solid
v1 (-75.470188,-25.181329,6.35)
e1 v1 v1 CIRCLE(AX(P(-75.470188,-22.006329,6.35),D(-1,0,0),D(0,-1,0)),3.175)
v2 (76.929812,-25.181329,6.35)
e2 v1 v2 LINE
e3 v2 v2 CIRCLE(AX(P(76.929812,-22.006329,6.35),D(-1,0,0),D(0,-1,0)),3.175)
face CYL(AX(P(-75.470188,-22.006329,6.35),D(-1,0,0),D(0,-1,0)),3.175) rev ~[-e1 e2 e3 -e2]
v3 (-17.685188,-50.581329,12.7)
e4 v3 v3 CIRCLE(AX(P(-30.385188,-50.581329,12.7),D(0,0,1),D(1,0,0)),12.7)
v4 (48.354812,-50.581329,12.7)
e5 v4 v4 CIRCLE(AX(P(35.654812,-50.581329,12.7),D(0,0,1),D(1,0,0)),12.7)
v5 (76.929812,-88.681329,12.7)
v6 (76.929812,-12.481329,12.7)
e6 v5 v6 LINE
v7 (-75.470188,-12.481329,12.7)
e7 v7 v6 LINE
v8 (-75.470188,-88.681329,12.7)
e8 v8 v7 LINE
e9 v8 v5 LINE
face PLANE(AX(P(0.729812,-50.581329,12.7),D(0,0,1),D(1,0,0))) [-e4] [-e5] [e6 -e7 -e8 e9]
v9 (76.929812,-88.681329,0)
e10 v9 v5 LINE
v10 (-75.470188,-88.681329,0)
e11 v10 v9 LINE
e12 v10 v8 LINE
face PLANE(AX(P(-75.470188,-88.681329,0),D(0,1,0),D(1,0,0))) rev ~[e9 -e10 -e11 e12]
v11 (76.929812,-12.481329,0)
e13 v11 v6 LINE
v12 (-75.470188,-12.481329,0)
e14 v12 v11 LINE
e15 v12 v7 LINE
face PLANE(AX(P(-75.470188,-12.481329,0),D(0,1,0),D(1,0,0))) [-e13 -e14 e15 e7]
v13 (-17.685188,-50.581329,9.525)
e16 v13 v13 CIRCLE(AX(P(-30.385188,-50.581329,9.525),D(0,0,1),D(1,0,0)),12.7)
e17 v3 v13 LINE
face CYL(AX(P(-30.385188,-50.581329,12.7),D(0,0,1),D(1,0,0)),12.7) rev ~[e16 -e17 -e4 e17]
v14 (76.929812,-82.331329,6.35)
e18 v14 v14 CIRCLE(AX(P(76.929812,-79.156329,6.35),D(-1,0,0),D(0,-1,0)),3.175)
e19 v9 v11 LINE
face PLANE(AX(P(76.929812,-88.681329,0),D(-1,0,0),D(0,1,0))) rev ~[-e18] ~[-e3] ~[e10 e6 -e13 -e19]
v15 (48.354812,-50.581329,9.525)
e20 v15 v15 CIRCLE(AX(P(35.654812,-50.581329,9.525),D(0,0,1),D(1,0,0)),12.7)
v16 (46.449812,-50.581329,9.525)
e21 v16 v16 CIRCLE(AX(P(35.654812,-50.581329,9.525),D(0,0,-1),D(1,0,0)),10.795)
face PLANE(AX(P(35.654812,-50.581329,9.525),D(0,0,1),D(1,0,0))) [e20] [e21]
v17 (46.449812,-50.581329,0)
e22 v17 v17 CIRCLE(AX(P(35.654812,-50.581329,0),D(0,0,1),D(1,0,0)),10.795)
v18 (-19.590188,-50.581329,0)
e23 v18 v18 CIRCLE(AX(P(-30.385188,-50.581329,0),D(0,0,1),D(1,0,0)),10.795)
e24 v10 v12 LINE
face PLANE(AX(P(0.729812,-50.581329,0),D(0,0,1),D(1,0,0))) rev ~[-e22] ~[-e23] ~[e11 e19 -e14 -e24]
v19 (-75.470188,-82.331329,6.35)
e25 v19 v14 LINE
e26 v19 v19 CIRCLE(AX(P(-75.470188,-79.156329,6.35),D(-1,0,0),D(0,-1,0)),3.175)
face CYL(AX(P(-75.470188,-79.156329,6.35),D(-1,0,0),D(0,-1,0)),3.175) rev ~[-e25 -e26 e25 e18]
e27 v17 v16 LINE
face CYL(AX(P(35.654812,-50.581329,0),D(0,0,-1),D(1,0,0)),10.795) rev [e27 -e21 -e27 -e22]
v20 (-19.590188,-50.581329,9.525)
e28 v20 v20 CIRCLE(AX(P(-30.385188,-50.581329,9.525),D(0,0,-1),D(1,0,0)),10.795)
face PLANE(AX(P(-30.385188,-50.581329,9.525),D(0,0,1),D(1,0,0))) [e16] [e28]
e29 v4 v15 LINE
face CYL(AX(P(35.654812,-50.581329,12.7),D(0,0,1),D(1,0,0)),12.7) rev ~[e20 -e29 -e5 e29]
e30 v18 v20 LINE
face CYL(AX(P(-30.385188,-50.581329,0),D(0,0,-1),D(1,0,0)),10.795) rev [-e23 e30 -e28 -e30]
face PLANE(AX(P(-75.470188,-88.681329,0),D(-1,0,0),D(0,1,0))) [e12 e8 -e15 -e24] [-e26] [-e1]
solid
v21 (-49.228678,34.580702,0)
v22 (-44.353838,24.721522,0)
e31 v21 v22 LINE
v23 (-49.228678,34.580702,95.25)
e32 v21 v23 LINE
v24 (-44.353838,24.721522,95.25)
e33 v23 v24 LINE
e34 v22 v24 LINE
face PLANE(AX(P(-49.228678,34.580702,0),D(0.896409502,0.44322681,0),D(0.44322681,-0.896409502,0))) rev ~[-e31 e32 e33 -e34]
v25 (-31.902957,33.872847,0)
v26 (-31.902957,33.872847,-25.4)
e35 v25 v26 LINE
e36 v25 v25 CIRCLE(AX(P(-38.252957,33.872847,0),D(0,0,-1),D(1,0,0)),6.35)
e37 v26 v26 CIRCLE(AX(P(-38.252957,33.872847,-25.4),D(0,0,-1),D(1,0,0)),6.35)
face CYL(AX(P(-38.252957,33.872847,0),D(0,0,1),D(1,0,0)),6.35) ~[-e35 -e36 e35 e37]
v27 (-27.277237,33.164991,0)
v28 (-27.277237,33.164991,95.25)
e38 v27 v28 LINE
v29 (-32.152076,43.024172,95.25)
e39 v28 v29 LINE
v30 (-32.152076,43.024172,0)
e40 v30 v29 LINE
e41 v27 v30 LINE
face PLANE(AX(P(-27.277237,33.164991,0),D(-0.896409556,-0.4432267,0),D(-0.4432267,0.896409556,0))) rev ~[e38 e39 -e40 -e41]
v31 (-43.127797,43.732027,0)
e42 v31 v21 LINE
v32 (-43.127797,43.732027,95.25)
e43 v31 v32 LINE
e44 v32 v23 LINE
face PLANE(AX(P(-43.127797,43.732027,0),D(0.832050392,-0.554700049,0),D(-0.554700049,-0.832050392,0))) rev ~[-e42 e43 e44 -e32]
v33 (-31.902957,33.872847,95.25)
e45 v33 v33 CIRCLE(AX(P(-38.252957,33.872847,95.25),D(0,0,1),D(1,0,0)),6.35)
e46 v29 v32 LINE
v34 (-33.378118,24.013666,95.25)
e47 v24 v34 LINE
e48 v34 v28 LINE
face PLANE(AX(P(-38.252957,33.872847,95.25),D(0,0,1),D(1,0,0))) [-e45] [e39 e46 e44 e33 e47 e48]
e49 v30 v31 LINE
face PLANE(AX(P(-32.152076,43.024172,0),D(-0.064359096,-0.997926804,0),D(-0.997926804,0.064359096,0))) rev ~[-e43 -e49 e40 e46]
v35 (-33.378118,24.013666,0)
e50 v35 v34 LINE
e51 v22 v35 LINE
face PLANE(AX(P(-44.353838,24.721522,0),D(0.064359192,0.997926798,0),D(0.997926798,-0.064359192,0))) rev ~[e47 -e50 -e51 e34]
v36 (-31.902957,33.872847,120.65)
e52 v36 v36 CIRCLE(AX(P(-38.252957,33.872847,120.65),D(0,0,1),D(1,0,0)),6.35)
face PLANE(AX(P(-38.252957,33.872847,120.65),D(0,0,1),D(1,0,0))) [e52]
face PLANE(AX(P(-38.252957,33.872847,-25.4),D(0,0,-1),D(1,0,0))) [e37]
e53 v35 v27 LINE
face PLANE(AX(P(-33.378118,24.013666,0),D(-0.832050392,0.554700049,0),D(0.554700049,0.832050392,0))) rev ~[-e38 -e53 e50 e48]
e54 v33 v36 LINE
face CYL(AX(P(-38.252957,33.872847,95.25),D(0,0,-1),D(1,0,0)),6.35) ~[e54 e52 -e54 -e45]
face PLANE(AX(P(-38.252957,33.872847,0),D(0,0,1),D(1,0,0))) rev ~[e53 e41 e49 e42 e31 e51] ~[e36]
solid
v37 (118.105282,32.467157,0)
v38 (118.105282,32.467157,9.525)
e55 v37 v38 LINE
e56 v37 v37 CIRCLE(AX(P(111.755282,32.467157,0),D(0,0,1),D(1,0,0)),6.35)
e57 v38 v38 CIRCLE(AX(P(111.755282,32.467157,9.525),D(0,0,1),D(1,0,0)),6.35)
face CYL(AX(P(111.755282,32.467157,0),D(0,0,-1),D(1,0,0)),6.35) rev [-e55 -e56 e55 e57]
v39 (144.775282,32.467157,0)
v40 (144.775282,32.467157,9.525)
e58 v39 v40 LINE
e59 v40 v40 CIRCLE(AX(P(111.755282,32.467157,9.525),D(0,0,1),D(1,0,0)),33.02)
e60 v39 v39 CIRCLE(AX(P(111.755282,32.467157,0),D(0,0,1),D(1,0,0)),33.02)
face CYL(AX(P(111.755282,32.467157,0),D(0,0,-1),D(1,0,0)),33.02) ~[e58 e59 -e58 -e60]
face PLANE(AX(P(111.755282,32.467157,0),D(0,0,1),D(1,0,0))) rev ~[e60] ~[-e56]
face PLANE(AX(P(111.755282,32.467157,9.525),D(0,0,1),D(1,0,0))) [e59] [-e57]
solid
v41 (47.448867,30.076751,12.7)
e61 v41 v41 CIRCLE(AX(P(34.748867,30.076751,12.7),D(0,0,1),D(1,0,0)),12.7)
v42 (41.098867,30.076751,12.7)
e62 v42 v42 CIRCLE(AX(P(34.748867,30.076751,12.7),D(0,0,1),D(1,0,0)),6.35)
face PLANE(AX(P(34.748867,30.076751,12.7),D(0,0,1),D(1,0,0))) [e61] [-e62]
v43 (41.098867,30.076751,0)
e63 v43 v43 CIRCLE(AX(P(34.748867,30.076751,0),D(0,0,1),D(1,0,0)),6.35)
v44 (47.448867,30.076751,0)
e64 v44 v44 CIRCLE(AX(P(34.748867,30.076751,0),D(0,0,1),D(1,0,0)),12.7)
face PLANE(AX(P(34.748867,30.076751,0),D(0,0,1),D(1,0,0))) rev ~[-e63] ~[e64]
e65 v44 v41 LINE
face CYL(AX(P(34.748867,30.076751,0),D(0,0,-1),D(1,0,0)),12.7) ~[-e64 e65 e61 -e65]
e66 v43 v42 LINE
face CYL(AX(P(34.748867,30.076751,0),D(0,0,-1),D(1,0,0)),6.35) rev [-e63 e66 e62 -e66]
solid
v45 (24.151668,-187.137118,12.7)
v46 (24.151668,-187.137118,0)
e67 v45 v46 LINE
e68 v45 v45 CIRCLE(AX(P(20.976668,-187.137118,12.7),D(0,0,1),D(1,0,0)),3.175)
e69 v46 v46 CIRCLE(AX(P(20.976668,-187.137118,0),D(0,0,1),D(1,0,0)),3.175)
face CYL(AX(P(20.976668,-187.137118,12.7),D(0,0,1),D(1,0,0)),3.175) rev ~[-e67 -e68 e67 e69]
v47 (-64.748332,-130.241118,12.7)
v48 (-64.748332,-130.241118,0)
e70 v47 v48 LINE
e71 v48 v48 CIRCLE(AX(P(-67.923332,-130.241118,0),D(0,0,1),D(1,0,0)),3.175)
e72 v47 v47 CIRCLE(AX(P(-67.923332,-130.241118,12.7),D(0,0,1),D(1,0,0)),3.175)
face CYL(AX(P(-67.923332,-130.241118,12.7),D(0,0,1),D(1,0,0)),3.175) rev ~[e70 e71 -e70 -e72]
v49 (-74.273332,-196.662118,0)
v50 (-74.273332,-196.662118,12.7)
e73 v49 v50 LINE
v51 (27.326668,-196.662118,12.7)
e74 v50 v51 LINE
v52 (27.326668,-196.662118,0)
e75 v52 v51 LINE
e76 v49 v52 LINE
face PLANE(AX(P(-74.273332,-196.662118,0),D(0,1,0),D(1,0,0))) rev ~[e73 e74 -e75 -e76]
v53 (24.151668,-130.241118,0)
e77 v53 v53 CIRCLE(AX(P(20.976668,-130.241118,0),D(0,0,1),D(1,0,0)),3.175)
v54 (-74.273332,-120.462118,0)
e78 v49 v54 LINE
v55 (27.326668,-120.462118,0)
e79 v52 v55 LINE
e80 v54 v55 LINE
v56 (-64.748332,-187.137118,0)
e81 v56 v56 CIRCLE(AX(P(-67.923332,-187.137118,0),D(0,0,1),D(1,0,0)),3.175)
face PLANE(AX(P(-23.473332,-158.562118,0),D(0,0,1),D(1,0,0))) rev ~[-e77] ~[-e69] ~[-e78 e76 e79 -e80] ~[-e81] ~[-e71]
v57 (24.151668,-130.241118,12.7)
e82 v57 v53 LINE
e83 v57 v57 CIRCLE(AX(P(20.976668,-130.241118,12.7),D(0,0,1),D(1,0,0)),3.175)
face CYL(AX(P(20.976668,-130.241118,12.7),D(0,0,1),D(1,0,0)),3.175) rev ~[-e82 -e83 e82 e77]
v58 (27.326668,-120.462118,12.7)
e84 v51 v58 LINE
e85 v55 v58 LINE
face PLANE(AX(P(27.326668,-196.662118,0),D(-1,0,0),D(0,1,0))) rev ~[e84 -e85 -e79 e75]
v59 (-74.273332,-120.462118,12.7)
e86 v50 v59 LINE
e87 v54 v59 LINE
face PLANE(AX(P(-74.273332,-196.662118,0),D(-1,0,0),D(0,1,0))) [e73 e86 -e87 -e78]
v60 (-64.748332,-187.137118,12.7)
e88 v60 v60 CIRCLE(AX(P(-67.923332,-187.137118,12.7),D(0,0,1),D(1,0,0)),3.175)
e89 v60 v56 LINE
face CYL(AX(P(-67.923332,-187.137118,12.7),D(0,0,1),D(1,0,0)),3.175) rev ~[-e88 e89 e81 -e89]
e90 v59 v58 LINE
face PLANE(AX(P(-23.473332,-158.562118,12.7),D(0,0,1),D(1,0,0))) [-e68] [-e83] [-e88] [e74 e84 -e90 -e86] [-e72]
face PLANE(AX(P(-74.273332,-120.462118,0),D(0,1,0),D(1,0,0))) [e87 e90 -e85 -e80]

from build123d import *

# Parameters (mm, degrees)
F1_DEPTH  = 95.25
F2_R      = 6.35
F3_DEPTH  = 25.4
F4_R      = 6.35
F5_DEPTH  = 25.4
F6_R      = 12.7
F6_R_2    = 6.35
F7_DEPTH  = 12.7
F8_W      = 152.4
F8_H      = 76.2
F8_R      = 10.795
F9_DEPTH  = 12.7
F10_R     = 12.7
F11_DEPTH = 3.175
F12_W     = 101.6
F12_H     = 76.2
F13_DEPTH = 12.7
F14_R     = 3.175
F15_DEPTH = 152.401
F16_R     = 33.02
F16_R_2   = 6.35
F17_DEPTH = 9.525
F18_R     = 3.175
F19_DEPTH = 38.101


with BuildPart() as f1:
    # F0 (on Top) → F1 (new body)
    with BuildSketch(Plane.XY):
        Polygon((-33.378118, 24.013666), (-27.277237, 33.164991), (-32.152076, 43.024172), (-43.127797, 43.732027), (-49.228678, 34.580702), (-44.353838, 24.721522), align=None)
    extrude(amount=F1_DEPTH)

    # F2 (on face) → F3 (join)
    with BuildSketch(Plane.XY.offset(95.25)):
        with Locations((-38.252957, 33.872847)):
            Circle(F2_R)
    extrude(amount=F3_DEPTH)

    # F4 (on face) → F5 (join)
    with BuildSketch(Plane(origin=(0, 0, 0), x_dir=(1, 0, 0), z_dir=(0, 0, -1))):
        with Locations((-38.252957, -33.872847)):
            Circle(F4_R)
    extrude(amount=F5_DEPTH)


with BuildPart() as f7:
    # F6 (on Top) → F7 (new body)
    with BuildSketch(Plane.XY):
        with Locations((34.748867, 30.076751)):
            Circle(F6_R)
        with Locations((34.748867, 30.076751)):
            Circle(F6_R_2, mode=Mode.SUBTRACT)
    extrude(amount=F7_DEPTH)


with BuildPart() as f9:
    # F8 (on Top) → F9 (new body)
    with BuildSketch(Plane.XY):
        with Locations((0.729812, -50.581329)):
            Rectangle(F8_W, F8_H)
        with Locations((-30.385188, -50.581329)):
            Circle(F8_R, mode=Mode.SUBTRACT)
        with Locations((35.654812, -50.581329)):
            Circle(F8_R, mode=Mode.SUBTRACT)
    extrude(amount=F9_DEPTH)

    # F10 (on face) → F11 (cut)
    with BuildSketch(Plane.XY.offset(12.7)):
        with Locations((-30.385188, -50.581329)):
            Circle(F10_R)
        with Locations((35.654812, -50.581329)):
            Circle(F10_R)
    extrude(amount=-F11_DEPTH, mode=Mode.SUBTRACT)

    # F14 (on face) → F15 (cut, through all)
    with BuildSketch(Plane(origin=(-75.470188, 0, 0), x_dir=(0, -1, 0), z_dir=(-1, 0, 0))):
        with Locations((22.006329, 6.35)):
            Circle(F14_R)
        with Locations((79.156329, 6.35)):
            Circle(F14_R)
    extrude(amount=-F15_DEPTH, mode=Mode.SUBTRACT)


with BuildPart() as f13:
    # F12 (on Top) → F13 (new body)
    with BuildSketch(Plane.XY):
        with Locations((-23.473332, -158.562118)):
            Rectangle(F12_W, F12_H)
    extrude(amount=F13_DEPTH)

    # F18 (on face) → F19 (cut, through all)
    with BuildSketch(Plane.XY.offset(12.7)):
        with Locations((-67.923332, -130.241118)):
            Circle(F18_R)
        with Locations((-67.923332, -187.137118)):
            Circle(F18_R)
        with Locations((20.976668, -130.241118)):
            Circle(F18_R)
        with Locations((20.976668, -187.137118)):
            Circle(F18_R)
    extrude(amount=-F19_DEPTH, mode=Mode.SUBTRACT)


with BuildPart() as f17:
    # F16 (on Top) → F17 (new body)
    with BuildSketch(Plane.XY):
        with Locations((111.755282, 32.467157)):
            Circle(F16_R)
        with Locations((111.755282, 32.467157)):
            Circle(F16_R_2, mode=Mode.SUBTRACT)
    extrude(amount=F17_DEPTH)


solid = Compound([f1.part, f7.part, f9.part, f13.part, f17.part])
